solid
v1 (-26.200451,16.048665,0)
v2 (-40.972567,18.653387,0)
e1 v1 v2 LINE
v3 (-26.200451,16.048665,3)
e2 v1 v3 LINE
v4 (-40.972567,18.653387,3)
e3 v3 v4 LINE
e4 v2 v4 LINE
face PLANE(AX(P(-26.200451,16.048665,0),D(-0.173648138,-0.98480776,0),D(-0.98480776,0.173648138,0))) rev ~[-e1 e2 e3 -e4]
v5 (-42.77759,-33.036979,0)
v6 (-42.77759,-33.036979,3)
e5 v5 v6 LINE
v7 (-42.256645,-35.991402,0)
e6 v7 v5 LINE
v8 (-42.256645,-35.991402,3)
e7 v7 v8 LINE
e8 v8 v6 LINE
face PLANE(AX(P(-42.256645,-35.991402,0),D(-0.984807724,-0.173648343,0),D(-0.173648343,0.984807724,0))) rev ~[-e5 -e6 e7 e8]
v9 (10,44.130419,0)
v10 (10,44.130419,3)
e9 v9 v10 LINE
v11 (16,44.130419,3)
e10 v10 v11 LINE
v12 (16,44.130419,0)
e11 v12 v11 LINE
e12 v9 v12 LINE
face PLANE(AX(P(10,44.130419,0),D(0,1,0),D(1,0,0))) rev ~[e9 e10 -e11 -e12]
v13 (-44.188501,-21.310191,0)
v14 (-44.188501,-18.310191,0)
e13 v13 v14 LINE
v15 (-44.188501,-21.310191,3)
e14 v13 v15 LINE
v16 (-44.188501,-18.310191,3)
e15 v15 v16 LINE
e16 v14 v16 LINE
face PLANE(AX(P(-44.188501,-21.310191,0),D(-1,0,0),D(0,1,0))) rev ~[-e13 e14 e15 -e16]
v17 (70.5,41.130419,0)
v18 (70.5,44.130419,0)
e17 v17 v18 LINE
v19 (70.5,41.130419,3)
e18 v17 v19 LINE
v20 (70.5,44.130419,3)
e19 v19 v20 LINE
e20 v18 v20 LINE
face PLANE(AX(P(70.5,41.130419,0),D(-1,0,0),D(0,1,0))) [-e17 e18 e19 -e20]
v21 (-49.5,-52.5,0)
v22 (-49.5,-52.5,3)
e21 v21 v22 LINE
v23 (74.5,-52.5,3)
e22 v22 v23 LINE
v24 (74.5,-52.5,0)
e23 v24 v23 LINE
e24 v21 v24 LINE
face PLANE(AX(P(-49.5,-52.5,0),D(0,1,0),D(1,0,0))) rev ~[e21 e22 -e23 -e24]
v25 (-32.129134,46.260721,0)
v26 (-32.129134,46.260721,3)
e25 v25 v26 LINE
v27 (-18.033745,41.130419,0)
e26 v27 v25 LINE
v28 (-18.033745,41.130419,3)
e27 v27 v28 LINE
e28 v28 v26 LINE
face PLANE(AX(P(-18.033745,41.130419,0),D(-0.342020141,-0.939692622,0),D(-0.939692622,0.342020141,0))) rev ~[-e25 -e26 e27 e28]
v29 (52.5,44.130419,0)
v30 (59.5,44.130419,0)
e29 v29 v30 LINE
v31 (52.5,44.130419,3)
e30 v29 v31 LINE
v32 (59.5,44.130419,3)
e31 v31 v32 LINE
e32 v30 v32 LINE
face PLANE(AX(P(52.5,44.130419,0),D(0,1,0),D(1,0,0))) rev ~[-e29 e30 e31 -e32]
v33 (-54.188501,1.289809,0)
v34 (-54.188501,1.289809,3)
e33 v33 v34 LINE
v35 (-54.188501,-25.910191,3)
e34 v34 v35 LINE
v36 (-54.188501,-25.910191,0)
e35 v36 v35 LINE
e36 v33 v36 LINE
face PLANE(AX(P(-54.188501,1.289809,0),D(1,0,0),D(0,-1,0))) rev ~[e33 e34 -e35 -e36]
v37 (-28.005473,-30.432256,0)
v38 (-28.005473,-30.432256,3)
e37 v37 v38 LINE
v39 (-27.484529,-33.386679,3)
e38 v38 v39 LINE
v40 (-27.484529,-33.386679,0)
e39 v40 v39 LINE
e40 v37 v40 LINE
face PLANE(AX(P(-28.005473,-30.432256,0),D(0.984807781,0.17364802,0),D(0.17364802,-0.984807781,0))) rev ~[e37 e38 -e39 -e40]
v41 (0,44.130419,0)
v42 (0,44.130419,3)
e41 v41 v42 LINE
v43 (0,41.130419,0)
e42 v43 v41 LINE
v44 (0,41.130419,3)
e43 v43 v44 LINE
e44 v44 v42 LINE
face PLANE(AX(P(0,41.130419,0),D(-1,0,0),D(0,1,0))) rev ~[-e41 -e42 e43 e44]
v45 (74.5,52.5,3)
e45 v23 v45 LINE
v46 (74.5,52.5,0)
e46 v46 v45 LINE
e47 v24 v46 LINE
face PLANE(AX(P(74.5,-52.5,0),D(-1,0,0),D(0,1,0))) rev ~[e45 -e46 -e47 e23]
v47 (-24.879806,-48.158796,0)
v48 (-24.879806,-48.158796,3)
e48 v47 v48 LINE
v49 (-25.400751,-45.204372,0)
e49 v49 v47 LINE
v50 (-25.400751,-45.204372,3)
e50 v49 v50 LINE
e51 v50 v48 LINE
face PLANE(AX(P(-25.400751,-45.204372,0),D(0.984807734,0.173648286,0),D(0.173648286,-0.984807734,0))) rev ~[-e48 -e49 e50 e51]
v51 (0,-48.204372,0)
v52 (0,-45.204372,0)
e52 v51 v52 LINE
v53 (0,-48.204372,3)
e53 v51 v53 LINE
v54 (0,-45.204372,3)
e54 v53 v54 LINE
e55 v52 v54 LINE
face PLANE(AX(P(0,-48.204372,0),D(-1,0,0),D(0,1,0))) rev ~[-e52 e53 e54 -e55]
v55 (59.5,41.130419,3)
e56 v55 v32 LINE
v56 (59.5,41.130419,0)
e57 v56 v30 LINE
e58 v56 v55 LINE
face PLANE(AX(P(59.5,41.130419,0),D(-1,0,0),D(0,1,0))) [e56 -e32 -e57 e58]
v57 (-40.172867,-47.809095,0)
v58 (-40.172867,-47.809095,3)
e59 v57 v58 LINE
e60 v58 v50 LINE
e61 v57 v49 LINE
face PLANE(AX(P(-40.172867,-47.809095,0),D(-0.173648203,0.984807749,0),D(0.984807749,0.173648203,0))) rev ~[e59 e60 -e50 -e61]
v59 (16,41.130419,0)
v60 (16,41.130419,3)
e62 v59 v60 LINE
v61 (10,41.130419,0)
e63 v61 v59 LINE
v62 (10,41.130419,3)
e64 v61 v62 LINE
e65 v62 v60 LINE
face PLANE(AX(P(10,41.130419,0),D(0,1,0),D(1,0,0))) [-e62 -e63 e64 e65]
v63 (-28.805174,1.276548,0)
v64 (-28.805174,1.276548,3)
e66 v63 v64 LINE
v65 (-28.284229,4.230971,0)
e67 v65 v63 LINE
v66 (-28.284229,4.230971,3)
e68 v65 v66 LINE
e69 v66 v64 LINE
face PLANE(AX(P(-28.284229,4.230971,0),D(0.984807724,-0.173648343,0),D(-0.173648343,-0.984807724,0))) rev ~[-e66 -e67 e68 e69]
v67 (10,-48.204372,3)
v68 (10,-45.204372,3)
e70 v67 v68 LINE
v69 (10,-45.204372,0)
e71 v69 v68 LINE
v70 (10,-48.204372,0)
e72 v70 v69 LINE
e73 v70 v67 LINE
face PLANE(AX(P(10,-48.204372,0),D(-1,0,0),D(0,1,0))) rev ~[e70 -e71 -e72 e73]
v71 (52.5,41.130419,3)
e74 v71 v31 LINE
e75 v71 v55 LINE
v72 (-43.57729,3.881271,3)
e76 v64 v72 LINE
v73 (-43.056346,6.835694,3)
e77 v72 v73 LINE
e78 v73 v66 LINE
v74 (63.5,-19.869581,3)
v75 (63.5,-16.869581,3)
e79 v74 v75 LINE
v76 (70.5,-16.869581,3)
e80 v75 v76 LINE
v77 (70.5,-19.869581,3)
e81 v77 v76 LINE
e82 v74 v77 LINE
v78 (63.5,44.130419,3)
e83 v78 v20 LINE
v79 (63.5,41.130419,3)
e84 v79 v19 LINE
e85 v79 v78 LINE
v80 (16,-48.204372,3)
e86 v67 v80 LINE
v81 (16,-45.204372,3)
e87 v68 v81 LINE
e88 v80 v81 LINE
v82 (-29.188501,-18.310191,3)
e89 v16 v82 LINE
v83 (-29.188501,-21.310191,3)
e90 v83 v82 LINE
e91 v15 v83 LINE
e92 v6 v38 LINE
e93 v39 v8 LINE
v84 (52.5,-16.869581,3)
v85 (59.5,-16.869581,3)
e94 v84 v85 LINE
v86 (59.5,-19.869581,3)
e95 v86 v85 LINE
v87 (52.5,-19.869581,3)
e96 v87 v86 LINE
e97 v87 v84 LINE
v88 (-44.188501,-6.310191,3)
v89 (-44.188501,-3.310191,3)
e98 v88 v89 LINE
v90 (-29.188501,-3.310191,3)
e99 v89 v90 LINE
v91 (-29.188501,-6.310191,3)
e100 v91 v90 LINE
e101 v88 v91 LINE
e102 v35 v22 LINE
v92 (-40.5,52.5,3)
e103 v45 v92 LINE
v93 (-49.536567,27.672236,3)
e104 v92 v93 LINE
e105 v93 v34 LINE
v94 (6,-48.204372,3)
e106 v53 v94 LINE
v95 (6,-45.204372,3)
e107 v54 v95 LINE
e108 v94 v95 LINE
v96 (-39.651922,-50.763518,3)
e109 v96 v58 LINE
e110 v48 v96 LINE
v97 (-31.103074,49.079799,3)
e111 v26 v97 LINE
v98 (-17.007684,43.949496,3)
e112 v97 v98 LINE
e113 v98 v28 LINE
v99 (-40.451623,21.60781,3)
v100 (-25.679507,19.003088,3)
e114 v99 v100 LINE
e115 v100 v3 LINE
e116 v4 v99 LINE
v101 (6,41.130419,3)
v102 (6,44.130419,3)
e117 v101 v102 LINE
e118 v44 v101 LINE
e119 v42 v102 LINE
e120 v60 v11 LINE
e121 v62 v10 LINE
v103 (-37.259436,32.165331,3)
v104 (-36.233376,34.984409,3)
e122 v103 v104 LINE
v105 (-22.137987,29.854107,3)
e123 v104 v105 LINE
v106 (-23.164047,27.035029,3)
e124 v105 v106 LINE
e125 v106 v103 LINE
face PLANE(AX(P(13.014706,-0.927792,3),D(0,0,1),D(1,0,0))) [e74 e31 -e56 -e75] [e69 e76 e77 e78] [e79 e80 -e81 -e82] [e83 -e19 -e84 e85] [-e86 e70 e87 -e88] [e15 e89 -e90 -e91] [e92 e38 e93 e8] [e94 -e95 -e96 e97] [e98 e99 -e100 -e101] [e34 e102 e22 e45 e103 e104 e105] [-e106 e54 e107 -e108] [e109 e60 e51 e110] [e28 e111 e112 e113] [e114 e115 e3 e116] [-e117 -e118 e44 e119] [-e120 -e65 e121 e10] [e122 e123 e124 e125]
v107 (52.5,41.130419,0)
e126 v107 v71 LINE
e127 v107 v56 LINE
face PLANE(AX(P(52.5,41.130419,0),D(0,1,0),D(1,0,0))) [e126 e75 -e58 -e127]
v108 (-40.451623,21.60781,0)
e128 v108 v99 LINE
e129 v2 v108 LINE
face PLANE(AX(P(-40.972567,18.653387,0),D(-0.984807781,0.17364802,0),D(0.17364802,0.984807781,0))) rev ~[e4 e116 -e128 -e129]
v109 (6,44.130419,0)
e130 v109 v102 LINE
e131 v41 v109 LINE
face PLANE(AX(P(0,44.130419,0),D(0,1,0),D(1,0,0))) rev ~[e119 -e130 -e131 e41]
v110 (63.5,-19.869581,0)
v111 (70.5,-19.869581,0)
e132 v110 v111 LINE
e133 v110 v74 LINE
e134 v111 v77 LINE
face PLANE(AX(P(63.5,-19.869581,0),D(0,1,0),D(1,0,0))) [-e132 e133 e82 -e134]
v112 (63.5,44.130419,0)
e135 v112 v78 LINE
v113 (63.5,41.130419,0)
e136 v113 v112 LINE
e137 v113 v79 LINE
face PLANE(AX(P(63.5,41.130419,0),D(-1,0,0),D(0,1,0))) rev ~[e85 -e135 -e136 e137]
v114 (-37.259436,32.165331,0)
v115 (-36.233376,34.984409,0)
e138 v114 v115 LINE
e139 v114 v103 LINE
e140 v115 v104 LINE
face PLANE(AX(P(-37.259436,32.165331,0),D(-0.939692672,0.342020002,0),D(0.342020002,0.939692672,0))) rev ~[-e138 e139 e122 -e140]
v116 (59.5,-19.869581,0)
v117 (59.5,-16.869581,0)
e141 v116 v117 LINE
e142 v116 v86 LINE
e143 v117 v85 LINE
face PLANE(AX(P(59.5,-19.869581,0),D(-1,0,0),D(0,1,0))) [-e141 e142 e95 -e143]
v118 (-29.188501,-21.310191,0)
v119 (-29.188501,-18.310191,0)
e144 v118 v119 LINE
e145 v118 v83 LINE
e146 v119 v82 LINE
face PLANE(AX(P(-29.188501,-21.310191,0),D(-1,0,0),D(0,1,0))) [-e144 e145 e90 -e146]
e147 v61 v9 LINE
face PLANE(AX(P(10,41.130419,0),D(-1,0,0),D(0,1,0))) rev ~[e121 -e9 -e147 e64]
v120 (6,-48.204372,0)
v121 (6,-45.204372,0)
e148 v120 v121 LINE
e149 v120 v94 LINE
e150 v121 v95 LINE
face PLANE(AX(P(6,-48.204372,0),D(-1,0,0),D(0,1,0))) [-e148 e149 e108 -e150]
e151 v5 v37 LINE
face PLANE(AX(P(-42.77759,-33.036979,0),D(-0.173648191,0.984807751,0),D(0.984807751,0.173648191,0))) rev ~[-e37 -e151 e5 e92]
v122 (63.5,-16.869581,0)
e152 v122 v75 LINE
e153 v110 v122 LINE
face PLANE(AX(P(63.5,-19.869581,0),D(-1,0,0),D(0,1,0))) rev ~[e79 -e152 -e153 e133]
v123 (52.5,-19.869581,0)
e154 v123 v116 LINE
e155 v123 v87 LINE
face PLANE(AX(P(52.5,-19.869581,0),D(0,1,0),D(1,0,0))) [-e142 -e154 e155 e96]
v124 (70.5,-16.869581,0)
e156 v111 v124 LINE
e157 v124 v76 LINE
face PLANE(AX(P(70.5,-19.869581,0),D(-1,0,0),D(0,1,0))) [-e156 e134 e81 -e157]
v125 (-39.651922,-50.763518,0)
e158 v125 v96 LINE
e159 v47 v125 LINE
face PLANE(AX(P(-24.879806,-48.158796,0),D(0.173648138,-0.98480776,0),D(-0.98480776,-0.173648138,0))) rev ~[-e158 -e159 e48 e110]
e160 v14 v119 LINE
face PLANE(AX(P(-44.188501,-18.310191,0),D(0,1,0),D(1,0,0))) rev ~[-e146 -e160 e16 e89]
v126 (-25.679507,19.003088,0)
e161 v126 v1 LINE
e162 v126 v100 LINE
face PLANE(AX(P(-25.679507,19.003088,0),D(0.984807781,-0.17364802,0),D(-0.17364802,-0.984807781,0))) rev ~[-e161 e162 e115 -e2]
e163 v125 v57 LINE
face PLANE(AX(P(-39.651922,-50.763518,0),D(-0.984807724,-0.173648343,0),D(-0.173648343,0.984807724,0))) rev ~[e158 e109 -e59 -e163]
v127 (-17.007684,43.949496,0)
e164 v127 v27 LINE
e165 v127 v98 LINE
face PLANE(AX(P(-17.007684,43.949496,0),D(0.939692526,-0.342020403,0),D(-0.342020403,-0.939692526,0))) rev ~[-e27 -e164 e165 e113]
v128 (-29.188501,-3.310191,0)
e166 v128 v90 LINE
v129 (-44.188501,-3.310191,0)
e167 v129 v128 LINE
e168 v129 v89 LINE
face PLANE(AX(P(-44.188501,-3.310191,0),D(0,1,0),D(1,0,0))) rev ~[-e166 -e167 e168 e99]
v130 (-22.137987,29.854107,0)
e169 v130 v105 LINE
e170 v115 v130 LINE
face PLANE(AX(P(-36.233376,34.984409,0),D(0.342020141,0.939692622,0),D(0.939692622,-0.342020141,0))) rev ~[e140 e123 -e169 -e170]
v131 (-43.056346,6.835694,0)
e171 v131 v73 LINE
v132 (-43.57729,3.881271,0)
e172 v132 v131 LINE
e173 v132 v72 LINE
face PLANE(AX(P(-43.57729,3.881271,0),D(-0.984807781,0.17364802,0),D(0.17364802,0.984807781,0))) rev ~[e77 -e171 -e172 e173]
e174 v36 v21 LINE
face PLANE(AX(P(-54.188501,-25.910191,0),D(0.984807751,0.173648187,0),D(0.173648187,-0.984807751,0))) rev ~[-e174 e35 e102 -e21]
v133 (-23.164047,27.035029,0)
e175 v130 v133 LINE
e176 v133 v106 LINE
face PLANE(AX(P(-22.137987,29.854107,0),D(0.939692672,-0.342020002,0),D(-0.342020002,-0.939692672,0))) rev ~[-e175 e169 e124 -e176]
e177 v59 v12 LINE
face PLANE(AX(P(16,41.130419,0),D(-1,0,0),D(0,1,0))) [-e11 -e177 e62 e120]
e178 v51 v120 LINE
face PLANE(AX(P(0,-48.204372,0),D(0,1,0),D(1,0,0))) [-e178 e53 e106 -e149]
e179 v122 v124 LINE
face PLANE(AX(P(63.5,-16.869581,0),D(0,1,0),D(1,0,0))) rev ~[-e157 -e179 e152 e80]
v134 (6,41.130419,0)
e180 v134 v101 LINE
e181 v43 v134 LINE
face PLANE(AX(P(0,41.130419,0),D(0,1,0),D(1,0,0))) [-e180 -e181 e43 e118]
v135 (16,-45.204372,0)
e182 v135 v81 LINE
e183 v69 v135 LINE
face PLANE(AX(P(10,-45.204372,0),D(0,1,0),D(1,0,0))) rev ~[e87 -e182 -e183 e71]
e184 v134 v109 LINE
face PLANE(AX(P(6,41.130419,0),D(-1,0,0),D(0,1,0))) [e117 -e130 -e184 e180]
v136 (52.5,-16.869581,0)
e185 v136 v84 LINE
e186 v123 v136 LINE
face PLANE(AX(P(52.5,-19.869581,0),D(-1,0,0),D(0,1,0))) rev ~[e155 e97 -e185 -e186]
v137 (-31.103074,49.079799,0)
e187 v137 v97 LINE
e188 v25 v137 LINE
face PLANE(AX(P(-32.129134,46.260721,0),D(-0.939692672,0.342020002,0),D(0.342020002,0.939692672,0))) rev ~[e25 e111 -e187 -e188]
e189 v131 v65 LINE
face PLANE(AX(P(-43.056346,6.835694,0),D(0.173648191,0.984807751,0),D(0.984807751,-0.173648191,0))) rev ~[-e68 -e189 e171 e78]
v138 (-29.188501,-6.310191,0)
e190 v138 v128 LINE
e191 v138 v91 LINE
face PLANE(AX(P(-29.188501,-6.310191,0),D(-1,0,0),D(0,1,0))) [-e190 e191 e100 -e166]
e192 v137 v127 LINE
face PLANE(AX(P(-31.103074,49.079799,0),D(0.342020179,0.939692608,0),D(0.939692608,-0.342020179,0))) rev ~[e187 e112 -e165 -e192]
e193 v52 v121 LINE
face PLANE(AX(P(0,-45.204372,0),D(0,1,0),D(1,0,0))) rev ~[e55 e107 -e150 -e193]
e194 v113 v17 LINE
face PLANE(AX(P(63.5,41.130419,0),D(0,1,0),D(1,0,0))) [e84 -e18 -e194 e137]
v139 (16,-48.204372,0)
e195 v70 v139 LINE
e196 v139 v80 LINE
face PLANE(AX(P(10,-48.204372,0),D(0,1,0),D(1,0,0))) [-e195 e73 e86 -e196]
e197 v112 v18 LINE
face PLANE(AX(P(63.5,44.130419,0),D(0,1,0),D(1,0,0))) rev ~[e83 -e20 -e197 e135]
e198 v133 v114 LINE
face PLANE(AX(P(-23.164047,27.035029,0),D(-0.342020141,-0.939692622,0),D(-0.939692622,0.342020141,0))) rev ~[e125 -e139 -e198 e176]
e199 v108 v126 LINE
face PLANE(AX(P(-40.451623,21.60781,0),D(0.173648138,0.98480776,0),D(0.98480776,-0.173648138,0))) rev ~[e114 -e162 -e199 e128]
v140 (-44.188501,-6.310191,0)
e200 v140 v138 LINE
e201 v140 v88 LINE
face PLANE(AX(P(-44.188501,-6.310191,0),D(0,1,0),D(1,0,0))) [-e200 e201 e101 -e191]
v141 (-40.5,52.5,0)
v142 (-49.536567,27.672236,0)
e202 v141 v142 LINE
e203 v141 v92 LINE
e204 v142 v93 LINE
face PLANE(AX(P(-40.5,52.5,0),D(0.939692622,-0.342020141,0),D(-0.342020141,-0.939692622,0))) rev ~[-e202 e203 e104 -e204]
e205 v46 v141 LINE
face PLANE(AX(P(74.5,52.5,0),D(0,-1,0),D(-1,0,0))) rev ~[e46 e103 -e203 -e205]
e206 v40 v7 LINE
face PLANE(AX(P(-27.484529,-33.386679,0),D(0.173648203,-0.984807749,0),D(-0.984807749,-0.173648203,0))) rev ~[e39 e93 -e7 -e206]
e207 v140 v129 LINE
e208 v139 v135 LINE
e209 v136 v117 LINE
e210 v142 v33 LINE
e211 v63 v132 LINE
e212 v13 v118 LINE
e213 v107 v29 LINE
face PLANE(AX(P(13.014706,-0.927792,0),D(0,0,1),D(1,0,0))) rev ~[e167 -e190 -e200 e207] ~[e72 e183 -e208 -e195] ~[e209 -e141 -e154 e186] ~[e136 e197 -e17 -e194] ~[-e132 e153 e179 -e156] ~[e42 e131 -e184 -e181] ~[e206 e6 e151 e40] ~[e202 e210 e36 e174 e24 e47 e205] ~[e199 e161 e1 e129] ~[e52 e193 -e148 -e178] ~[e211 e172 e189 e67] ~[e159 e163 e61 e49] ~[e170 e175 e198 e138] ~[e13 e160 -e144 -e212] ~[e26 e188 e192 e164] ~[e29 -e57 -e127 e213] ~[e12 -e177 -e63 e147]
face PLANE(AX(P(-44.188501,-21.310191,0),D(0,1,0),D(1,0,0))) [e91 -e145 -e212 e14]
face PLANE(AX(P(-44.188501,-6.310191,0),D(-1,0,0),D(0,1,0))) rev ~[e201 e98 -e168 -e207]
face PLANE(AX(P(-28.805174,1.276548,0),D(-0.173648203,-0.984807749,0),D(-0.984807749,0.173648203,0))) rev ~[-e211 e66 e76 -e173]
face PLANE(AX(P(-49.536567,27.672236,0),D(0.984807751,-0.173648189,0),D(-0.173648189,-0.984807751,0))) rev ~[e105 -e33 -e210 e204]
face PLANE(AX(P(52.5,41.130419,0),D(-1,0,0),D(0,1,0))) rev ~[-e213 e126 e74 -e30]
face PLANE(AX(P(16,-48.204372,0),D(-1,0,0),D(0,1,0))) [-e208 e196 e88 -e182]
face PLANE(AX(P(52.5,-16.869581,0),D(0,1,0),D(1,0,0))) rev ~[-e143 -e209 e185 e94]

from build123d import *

# Parameters (mm, degrees)
F0_W     = 6
F0_H     = 3
F0_W_2   = 15
F0_W_3   = 7
F1_DEPTH = 3


with BuildPart() as f1:
    # F0 (on Top) → F1 (new body)
    with BuildSketch(Plane.XY):
        Polygon((-49.5, -52.5), (49.5, -52.5), (74.5, -52.5), (74.5, 52.5), (49.5, 52.5), (-40.5, 52.5), (-49.536567, 27.672236), (-54.188501, 1.289809), (-54.188501, -25.910191), align=None)
        Polygon((-40.172867, -47.809095), (-25.400751, -45.204372), (-24.879806, -48.158796), (-39.651922, -50.763518), align=None, mode=Mode.SUBTRACT)
        Polygon((-27.484529, -33.386679), (-42.256645, -35.991402), (-42.77759, -33.036979), (-28.005473, -30.432256), align=None, mode=Mode.SUBTRACT)
        with Locations((3, -46.704372)):
            Rectangle(F0_W, F0_H, mode=Mode.SUBTRACT)
        with Locations((-36.688501, -19.810191)):
            Rectangle(F0_W_2, F0_H, mode=Mode.SUBTRACT)
        with Locations((-36.688501, -4.810191)):
            Rectangle(F0_W_2, F0_H, mode=Mode.SUBTRACT)
        with Locations((13, -46.704372)):
            Rectangle(F0_W, F0_H, mode=Mode.SUBTRACT)
        with Locations((56, -18.369581)):
            Rectangle(F0_W_3, F0_H, mode=Mode.SUBTRACT)
        with Locations((67, -18.369581)):
            Rectangle(F0_W_3, F0_H, mode=Mode.SUBTRACT)
        Polygon((-43.056346, 6.835694), (-28.284229, 4.230971), (-28.805174, 1.276548), (-43.57729, 3.881271), align=None, mode=Mode.SUBTRACT)
        Polygon((-40.972567, 18.653387), (-40.451623, 21.60781), (-25.679507, 19.003088), (-26.200451, 16.048665), align=None, mode=Mode.SUBTRACT)
        Polygon((-22.137987, 29.854107), (-23.164047, 27.035029), (-37.259436, 32.165331), (-36.233376, 34.984409), align=None, mode=Mode.SUBTRACT)
        Polygon((-18.033745, 41.130419), (-32.129134, 46.260721), (-31.103074, 49.079799), (-17.007684, 43.949496), align=None, mode=Mode.SUBTRACT)
        with Locations((3, 42.630419)):
            Rectangle(F0_W, F0_H, mode=Mode.SUBTRACT)
        with Locations((13, 42.630419)):
            Rectangle(F0_W, F0_H, mode=Mode.SUBTRACT)
        with Locations((56, 42.630419)):
            Rectangle(F0_W_3, F0_H, mode=Mode.SUBTRACT)
        with Locations((67, 42.630419)):
            Rectangle(F0_W_3, F0_H, mode=Mode.SUBTRACT)
    extrude(amount=F1_DEPTH)


solid = f1.part
